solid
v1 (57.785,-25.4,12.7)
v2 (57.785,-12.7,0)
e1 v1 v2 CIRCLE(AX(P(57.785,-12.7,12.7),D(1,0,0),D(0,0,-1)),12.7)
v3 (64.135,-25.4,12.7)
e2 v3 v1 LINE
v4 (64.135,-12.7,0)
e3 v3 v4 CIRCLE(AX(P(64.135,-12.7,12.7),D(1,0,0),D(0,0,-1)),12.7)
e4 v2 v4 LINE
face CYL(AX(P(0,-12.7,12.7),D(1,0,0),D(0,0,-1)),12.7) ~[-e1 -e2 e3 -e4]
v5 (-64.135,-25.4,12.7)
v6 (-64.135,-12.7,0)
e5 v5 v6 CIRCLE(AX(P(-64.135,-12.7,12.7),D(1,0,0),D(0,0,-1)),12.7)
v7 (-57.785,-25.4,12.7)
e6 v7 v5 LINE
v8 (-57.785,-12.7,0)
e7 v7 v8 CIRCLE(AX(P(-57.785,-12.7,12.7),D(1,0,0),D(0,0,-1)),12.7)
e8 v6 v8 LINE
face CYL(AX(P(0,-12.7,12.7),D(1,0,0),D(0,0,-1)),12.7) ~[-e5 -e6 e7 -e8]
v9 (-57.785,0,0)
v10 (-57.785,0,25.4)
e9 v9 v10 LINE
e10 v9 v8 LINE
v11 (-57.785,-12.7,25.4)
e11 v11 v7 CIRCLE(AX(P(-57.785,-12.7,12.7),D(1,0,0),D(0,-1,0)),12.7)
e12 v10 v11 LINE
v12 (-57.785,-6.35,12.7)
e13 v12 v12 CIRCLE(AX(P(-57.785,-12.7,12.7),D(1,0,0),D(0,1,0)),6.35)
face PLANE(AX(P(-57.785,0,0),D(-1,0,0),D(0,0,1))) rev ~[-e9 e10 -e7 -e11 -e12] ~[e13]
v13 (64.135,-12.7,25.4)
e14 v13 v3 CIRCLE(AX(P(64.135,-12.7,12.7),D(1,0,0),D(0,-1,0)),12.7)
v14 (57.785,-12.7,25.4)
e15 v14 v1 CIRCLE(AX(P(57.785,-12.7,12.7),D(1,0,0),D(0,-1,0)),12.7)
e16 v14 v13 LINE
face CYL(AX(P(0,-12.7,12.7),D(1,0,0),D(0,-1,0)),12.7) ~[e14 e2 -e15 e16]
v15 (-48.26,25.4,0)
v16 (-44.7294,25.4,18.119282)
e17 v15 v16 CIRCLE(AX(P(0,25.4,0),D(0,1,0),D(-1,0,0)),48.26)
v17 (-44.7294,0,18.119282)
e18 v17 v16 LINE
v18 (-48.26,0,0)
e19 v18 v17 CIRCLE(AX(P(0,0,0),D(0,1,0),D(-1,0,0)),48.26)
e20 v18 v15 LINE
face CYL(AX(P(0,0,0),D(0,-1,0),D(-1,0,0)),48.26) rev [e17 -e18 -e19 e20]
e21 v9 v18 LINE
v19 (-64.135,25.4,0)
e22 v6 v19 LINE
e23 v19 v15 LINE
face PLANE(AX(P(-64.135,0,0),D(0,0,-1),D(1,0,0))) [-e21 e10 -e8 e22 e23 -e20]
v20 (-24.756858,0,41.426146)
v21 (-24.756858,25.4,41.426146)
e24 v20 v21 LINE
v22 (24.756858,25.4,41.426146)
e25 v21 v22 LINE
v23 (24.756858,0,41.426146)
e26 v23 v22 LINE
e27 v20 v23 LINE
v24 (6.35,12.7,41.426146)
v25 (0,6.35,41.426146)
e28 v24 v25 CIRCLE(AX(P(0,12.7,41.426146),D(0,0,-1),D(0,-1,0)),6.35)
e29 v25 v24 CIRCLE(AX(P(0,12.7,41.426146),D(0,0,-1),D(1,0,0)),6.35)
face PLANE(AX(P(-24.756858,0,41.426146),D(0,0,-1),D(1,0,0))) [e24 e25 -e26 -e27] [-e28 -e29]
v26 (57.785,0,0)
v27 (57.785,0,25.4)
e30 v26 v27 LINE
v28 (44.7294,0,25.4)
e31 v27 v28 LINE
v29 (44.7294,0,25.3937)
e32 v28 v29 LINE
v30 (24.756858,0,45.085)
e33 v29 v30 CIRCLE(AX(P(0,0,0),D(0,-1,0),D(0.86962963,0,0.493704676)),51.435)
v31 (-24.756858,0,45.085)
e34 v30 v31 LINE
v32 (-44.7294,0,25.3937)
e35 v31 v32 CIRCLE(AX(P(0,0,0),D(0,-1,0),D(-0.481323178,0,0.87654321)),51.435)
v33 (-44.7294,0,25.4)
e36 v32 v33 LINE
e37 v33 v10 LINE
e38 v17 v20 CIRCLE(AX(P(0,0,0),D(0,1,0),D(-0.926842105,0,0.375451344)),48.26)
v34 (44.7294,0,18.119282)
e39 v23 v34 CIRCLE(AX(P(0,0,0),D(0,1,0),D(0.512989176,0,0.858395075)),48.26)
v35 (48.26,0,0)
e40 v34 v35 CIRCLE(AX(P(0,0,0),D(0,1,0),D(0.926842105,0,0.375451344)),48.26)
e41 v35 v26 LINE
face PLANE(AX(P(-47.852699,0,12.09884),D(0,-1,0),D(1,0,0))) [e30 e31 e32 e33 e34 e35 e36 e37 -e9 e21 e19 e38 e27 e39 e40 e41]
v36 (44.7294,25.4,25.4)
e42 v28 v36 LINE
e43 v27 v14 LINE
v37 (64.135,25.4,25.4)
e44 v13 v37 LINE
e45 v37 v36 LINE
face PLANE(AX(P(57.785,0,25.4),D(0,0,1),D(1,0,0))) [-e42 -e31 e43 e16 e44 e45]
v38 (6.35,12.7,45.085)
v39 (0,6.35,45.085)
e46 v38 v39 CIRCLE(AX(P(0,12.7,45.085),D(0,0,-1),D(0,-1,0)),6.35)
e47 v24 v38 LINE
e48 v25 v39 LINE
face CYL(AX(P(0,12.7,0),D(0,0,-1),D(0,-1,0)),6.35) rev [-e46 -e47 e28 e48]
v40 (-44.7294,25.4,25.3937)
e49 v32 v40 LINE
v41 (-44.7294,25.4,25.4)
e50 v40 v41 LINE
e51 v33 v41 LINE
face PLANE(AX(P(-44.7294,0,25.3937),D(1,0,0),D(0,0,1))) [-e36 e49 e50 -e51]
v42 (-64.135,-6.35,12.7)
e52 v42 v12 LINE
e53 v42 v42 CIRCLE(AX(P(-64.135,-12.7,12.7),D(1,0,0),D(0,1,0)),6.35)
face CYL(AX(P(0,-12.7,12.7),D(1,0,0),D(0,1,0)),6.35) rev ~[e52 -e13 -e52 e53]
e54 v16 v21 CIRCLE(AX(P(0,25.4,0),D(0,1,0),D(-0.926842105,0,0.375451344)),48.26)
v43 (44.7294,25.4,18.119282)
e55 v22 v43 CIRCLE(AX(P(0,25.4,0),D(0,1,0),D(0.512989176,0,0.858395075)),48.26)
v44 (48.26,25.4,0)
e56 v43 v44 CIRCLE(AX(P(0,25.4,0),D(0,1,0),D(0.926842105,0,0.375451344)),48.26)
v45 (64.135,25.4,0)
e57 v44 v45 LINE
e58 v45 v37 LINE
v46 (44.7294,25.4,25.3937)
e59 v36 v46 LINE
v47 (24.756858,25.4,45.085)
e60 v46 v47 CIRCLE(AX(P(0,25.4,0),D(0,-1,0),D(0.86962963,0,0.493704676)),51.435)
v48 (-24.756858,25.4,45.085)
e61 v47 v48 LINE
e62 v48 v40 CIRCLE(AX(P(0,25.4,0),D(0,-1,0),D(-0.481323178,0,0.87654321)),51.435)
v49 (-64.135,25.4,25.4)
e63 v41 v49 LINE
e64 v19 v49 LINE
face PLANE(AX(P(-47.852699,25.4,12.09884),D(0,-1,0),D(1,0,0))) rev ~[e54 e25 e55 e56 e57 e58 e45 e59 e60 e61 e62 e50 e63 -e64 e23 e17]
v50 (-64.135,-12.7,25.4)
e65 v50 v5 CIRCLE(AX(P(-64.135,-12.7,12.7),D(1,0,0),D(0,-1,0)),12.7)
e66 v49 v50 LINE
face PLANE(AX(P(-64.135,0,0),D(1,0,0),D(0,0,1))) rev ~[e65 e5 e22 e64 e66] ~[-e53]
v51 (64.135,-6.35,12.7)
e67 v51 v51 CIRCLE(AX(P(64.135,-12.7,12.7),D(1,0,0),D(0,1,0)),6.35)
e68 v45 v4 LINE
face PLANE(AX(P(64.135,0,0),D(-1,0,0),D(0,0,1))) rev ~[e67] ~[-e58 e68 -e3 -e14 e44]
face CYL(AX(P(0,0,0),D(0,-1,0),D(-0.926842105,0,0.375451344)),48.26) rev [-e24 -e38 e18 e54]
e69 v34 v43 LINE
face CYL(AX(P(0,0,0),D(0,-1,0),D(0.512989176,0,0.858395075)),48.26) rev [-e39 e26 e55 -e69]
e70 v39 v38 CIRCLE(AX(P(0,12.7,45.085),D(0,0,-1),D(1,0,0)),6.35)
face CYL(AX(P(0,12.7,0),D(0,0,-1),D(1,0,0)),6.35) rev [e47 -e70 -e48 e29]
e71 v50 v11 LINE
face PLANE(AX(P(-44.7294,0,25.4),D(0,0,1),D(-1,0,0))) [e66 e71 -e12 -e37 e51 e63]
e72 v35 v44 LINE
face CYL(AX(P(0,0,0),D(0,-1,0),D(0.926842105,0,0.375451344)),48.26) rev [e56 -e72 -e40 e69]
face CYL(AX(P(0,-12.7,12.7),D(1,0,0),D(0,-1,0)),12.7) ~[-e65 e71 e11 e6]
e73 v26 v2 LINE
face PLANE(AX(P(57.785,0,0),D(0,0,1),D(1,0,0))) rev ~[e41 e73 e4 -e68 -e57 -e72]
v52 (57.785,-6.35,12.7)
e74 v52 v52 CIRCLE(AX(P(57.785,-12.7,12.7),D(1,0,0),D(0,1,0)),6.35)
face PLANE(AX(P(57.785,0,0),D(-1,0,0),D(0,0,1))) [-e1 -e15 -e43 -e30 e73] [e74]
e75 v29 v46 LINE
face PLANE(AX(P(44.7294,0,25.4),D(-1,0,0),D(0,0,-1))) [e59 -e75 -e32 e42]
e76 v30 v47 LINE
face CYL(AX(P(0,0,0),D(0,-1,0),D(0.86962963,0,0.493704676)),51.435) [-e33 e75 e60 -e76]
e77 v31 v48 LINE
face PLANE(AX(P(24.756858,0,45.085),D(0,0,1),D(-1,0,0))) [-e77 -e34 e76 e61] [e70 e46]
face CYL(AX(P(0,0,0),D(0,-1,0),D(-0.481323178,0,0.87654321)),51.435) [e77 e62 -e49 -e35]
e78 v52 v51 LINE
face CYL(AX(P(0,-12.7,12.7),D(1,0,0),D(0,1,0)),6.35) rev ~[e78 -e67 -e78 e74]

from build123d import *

# Parameters (mm, degrees)
F0_W     = 6.35
F0_H     = 25.4
F1_DEPTH = 25.4
F2_DEPTH = 25.4
F3_R     = 6.35
F4_DEPTH = 76.2
F7_DEPTH = 76.2


with BuildPart() as f1:
    # F0 (on Front) → F1 (new body)
    with BuildSketch(Plane.XZ):
        with BuildLine():
            Line((-44.7294, 18.1192818743), (-44.7294, 25.3937000187))
            ThreePointArc((-44.7294, 25.3937000187), (-49.7303524721, 13.13207021), (-51.435, 0))
            Line((-51.435, 0), (-48.26, 0))
            ThreePointArc((-48.26, 0), (-47.3691273088, 9.2300258938), (-44.7294, 18.1192818743))
        make_face()
        with BuildLine():
            ThreePointArc((-51.435, 0), (-49.7303524721, 13.13207021), (-44.7294, 25.3937000187))
            Line((-44.7294, 25.3937000187), (-44.7294, 25.4))
            Line((-44.7294, 25.4), (-51.435, 25.4))
            Line((-51.435, 25.4), (-51.435, 0))
        make_face()
        with Locations((-54.61, 12.7)):
            Rectangle(F0_W, F0_H)
        with Locations((-60.96, 12.7)):
            Rectangle(F0_W, F0_H)
        with BuildLine():
            ThreePointArc((44.7294, 25.3937000187), (36.1112423463, 36.6270037159), (24.7568576358, 45.085))
            Line((24.7568576358, 45.085), (24.7568576358, 41.426146333))
            ThreePointArc((24.7568576358, 41.426146333), (36.6454292209, 31.4028679776), (44.7294, 18.1192818743))
            Line((44.7294, 18.1192818743), (44.7294, 25.3937000187))
        make_face()
        with BuildLine():
            ThreePointArc((51.435, 0), (49.7303524721, 13.13207021), (44.7294, 25.3937000187))
            Line((44.7294, 25.3937000187), (44.7294, 18.1192818743))
            ThreePointArc((44.7294, 18.1192818743), (47.3691273088, 9.2300258938), (48.26, 0))
            Line((48.26, 0), (51.435, 0))
        make_face()
        with BuildLine():
            Line((44.7294, 25.4), (44.7294, 25.3937000187))
            ThreePointArc((44.7294, 25.3937000187), (49.7303524721, 13.13207021), (51.435, 0))
            Line((51.435, 0), (51.435, 25.4))
            Line((51.435, 25.4), (44.7294, 25.4))
        make_face()
        with Locations((54.61, 12.7)):
            Rectangle(F0_W, F0_H)
        with Locations((60.96, 12.7)):
            Rectangle(F0_W, F0_H)
        with BuildLine():
            Line((-24.7568576358, 41.426146333), (-24.7568576358, 45.085))
            ThreePointArc((-24.7568576358, 45.085), (-36.1112423463, 36.6270037159), (-44.7294, 25.3937000187))
            Line((-44.7294, 25.3937000187), (-44.7294, 18.1192818743))
            ThreePointArc((-44.7294, 18.1192818743), (-36.6454292209, 31.4028679776), (-24.7568576358, 41.426146333))
        make_face()
        with BuildLine():
            ThreePointArc((24.7568576358, 41.426146333), (21.0657218153, 43.419614973), (17.2154109739, 45.085))
            Line((17.2154109739, 45.085), (0, 45.085))
            Line((0, 45.085), (-17.2154109739, 45.085))
            ThreePointArc((-17.2154109739, 45.085), (-21.0657218153, 43.419614973), (-24.7568576358, 41.426146333))
            Line((-24.7568576358, 41.426146333), (24.7568576358, 41.426146333))
        make_face()
        with BuildLine():
            Line((-17.2154109739, 45.085), (-24.7568576358, 45.085))
            Line((-24.7568576358, 45.085), (-24.7568576358, 41.426146333))
            ThreePointArc((-24.7568576358, 41.426146333), (-21.0657218153, 43.419614973), (-17.2154109739, 45.085))
        make_face()
        with BuildLine():
            Line((24.7568576358, 41.426146333), (24.7568576358, 45.085))
            Line((24.7568576358, 45.085), (17.2154109739, 45.085))
            ThreePointArc((17.2154109739, 45.085), (21.0657218153, 43.419614973), (24.7568576358, 41.426146333))
        make_face()
    extrude(amount=-F1_DEPTH)

    # F0 (on Front) → F2 (join)
    with BuildSketch(Plane.XZ):
        with Locations((60.96, 12.7)):
            Rectangle(F0_W, F0_H)
        with Locations((-60.96, 12.7)):
            Rectangle(F0_W, F0_H)
    extrude(amount=F2_DEPTH)


with BuildPart() as f4:
    # F3 (on Right) → F4 (new body, symmetric)
    with BuildSketch(Plane.YZ):
        with Locations((-12.7, 12.7)):
            Circle(F3_R)
    extrude(amount=F4_DEPTH, both=True)


with BuildPart() as f4b:
    # F3 (on Right) → F4, piece 2 (new body, symmetric)
    with BuildSketch(Plane.YZ):
        with BuildLine():
            ThreePointArc((-25.4, 12.7), (-21.6802561211, 21.6802561211), (-12.7, 25.4))
            Line((-12.7, 25.4), (-25.4, 25.4))
            Line((-25.4, 25.4), (-25.4, 12.7))
        make_face()
    extrude(amount=F4_DEPTH, both=True)


with BuildPart() as f4c:
    # F3 (on Right) → F4, piece 3 (new body, symmetric)
    with BuildSketch(Plane.YZ):
        with BuildLine():
            Line((-25.4, 0), (-12.7, 0))
            ThreePointArc((-12.7, 0), (-21.6802561211, 3.7197438789), (-25.4, 12.7))
            Line((-25.4, 12.7), (-25.4, 0))
        make_face()
    extrude(amount=F4_DEPTH, both=True)


with BuildPart() as f1_1:
    add(f1.part)

    # F5: cut F4b, F4, F4c
    add(f4b.part, mode=Mode.SUBTRACT)
    add(f4.part, mode=Mode.SUBTRACT)
    add(f4c.part, mode=Mode.SUBTRACT)


with BuildPart() as f7:
    # F6 (on Top) → F7 (new body)
    with BuildSketch(Plane.XY):
        with BuildLine():
            ThreePointArc((0, 6.35), (4.4901280605, 8.2098719395), (6.35, 12.7))
            ThreePointArc((6.35, 12.7), (-4.4901280605, 17.1901280605), (0, 6.35))
        make_face()
    extrude(amount=F7_DEPTH)


with BuildPart() as f1_2:
    add(f1_1.part)

    # F8: cut F7
    add(f7.part, mode=Mode.SUBTRACT)


solid = f1_2.part
